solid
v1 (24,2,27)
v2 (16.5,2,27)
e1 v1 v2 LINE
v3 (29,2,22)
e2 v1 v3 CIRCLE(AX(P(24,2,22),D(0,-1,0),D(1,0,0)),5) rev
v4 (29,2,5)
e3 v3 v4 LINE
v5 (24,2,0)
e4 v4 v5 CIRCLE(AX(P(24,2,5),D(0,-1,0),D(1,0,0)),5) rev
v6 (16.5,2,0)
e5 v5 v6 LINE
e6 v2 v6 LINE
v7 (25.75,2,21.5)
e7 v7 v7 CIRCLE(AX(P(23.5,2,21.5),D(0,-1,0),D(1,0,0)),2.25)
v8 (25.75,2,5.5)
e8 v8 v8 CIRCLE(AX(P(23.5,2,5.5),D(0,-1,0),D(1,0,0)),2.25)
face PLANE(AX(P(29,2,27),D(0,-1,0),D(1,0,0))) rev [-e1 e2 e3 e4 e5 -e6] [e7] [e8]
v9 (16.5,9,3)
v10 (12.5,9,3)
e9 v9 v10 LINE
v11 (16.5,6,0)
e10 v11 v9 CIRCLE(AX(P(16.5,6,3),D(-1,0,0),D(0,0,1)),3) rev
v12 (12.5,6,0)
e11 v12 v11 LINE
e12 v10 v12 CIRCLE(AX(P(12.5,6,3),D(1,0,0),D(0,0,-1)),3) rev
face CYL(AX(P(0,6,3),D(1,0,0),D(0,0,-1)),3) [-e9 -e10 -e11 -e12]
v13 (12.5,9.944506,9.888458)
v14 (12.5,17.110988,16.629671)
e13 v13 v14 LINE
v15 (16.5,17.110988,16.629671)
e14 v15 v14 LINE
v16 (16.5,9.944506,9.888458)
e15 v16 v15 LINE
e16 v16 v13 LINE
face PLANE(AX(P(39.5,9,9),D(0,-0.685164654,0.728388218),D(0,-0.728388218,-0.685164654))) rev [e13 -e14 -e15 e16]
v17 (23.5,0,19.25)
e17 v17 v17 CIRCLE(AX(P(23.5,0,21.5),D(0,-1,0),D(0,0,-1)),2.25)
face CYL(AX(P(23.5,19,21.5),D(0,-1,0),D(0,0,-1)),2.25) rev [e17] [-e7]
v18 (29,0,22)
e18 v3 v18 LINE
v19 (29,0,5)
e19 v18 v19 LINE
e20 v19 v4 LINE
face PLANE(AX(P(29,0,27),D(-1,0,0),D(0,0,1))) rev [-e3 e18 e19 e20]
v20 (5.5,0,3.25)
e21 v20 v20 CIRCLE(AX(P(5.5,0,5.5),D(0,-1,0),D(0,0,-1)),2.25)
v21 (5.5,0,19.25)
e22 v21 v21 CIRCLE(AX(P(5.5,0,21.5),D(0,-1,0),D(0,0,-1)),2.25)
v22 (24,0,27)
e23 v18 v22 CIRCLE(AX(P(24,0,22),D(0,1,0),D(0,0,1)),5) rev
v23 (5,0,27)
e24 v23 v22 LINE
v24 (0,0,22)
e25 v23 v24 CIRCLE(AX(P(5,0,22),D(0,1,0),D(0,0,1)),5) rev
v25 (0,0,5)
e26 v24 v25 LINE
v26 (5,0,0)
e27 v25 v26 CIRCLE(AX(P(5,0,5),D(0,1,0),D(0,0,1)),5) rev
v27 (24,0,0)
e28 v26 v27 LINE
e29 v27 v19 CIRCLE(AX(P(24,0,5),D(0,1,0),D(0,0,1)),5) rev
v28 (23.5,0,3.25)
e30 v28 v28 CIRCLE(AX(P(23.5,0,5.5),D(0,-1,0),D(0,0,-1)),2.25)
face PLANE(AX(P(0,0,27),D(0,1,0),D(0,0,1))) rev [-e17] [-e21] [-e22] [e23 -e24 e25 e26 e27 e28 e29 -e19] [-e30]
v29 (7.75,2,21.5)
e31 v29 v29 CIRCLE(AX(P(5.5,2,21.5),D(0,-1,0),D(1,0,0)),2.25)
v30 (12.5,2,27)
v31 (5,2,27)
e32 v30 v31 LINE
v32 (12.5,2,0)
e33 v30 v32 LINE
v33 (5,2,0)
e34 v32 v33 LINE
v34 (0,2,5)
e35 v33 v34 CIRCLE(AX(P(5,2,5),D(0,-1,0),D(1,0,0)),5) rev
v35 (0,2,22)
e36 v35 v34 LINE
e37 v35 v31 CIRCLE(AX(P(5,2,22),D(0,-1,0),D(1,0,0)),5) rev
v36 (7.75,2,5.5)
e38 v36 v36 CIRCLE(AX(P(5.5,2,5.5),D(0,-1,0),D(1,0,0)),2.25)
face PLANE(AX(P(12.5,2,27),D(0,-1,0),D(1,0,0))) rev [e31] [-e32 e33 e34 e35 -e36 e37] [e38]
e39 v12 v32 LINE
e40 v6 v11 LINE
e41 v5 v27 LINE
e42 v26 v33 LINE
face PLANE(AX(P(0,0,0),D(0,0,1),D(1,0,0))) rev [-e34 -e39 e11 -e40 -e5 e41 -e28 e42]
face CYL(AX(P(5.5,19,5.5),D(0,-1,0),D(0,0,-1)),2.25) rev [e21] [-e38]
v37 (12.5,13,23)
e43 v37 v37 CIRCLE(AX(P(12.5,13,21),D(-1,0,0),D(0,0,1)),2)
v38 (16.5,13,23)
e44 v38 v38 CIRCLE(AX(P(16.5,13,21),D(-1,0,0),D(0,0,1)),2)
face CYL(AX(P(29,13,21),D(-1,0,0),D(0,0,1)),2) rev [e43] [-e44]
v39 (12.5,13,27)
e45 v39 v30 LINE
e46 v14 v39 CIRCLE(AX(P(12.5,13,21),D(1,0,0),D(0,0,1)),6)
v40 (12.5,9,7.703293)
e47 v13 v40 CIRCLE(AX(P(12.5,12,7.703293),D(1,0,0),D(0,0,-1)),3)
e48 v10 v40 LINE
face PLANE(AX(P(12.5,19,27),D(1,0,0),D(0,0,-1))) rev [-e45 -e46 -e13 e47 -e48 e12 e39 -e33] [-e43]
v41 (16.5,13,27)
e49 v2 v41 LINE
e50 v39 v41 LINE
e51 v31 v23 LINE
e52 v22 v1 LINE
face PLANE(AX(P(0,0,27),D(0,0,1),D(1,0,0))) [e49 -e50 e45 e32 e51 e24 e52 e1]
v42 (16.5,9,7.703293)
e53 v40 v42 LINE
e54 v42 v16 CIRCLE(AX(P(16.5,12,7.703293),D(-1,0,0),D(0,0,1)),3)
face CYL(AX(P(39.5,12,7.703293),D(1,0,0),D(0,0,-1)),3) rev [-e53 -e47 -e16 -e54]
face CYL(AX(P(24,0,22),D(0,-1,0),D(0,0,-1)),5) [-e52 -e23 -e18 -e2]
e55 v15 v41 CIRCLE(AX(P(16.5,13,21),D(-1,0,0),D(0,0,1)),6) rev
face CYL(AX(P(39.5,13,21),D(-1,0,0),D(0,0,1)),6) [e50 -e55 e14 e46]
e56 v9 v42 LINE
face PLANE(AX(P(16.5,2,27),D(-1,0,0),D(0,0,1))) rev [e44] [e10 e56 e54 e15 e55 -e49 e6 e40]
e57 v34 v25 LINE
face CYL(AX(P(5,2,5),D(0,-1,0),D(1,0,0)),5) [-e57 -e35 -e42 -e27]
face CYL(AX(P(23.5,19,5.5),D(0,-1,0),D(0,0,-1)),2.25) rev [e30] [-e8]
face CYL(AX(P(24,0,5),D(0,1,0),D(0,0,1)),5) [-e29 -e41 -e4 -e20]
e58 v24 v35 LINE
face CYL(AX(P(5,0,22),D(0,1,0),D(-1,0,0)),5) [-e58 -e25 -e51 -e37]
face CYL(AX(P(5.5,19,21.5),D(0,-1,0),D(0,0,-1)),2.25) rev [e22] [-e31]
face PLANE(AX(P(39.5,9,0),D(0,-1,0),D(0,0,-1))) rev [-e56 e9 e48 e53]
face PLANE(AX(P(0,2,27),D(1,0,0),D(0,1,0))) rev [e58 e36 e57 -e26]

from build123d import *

# Parameters (mm, degrees)
BOSS_EXTRU_1_DEPTH      = 27
CONG_1_R                = 5
ESQUISSE2_R             = 2.25
ENL_V_MAT_EXTRU_1_DEPTH = 44.943145085
ENL_V_MAT_EXTRU_2_DEPTH = 27
CONG_2_R                = 3
ESQUISSE4_R             = 2
ENL_V_MAT_EXTRU_3_DEPTH = 37.908671068


with BuildPart() as part:
    # Esquisse1 → Boss.-Extru.1 (new body)
    with BuildSketch(Plane.XY):
        Polygon((0, 0), (29, 0), (29, 2), (16.5, 2), (16.5, 19), (12.5, 19), (12.5, 2), (0, 2), align=None)
    extrude(amount=BOSS_EXTRU_1_DEPTH)

    # Congé1
    cong_1_edges = [part.edges().sort_by_distance(p)[0] for p in [
        (29, 1, 27),
        (0, 1, 0),
        (0, 1, 27),
        (29, 1, 0),
    ]]
    fillet(cong_1_edges, radius=CONG_1_R)

    # Esquisse2 → Enlèv. mat.-Extru.1 (cut, through all)
    with BuildSketch(Plane.XZ):
        with Locations(Location((5.5, 21.5, 0), (0, 0, 270))):
            Circle(ESQUISSE2_R)
        with Locations(Location((5.5, 5.5, 0), (0, 0, 270))):
            Circle(ESQUISSE2_R)
        with Locations(Location((23.5, 5.5, 0), (0, 0, 270))):
            Circle(ESQUISSE2_R)
        with Locations(Location((23.5, 21.5, 0), (0, 0, 270))):
            Circle(ESQUISSE2_R)
    extrude(amount=-ENL_V_MAT_EXTRU_1_DEPTH, mode=Mode.SUBTRACT)

    # Esquisse3 → Enlèv. mat.-Extru.2 (cut)
    with BuildSketch(Plane.ZY.offset(-12.5)):
        with BuildLine():
            Line((0, 9), (9, 9))
            Line((9, 9), (16.629670691, 17.110987927))
            ThreePointArc((16.629670691, 17.110987927), (23.21111105, 18.577722468), (27, 13))
            Line((27, 13), (29.874608193, 13))
            Line((29.874608193, 13), (29.874608193, 22.034695391))
            Line((29.874608193, 22.034695391), (0, 22.034695391))
            Line((0, 22.034695391), (0, 9))
        make_face()
    extrude(amount=-ENL_V_MAT_EXTRU_2_DEPTH, mode=Mode.SUBTRACT)

    # Congé2
    cong_2_edges = [part.edges().sort_by_distance(p)[0] for p in [
        (14.5, 9, 0),
        (14.5, 9, 9),
    ]]
    fillet(cong_2_edges, radius=CONG_2_R)

    # Esquisse4 → Enlèv. mat.-Extru.3 (cut, through all)
    with BuildSketch(Plane.ZY.offset(-12.5)):
        with Locations((21, 13)):
            Circle(ESQUISSE4_R)
    extrude(amount=-ENL_V_MAT_EXTRU_3_DEPTH, mode=Mode.SUBTRACT)


solid = part.part
